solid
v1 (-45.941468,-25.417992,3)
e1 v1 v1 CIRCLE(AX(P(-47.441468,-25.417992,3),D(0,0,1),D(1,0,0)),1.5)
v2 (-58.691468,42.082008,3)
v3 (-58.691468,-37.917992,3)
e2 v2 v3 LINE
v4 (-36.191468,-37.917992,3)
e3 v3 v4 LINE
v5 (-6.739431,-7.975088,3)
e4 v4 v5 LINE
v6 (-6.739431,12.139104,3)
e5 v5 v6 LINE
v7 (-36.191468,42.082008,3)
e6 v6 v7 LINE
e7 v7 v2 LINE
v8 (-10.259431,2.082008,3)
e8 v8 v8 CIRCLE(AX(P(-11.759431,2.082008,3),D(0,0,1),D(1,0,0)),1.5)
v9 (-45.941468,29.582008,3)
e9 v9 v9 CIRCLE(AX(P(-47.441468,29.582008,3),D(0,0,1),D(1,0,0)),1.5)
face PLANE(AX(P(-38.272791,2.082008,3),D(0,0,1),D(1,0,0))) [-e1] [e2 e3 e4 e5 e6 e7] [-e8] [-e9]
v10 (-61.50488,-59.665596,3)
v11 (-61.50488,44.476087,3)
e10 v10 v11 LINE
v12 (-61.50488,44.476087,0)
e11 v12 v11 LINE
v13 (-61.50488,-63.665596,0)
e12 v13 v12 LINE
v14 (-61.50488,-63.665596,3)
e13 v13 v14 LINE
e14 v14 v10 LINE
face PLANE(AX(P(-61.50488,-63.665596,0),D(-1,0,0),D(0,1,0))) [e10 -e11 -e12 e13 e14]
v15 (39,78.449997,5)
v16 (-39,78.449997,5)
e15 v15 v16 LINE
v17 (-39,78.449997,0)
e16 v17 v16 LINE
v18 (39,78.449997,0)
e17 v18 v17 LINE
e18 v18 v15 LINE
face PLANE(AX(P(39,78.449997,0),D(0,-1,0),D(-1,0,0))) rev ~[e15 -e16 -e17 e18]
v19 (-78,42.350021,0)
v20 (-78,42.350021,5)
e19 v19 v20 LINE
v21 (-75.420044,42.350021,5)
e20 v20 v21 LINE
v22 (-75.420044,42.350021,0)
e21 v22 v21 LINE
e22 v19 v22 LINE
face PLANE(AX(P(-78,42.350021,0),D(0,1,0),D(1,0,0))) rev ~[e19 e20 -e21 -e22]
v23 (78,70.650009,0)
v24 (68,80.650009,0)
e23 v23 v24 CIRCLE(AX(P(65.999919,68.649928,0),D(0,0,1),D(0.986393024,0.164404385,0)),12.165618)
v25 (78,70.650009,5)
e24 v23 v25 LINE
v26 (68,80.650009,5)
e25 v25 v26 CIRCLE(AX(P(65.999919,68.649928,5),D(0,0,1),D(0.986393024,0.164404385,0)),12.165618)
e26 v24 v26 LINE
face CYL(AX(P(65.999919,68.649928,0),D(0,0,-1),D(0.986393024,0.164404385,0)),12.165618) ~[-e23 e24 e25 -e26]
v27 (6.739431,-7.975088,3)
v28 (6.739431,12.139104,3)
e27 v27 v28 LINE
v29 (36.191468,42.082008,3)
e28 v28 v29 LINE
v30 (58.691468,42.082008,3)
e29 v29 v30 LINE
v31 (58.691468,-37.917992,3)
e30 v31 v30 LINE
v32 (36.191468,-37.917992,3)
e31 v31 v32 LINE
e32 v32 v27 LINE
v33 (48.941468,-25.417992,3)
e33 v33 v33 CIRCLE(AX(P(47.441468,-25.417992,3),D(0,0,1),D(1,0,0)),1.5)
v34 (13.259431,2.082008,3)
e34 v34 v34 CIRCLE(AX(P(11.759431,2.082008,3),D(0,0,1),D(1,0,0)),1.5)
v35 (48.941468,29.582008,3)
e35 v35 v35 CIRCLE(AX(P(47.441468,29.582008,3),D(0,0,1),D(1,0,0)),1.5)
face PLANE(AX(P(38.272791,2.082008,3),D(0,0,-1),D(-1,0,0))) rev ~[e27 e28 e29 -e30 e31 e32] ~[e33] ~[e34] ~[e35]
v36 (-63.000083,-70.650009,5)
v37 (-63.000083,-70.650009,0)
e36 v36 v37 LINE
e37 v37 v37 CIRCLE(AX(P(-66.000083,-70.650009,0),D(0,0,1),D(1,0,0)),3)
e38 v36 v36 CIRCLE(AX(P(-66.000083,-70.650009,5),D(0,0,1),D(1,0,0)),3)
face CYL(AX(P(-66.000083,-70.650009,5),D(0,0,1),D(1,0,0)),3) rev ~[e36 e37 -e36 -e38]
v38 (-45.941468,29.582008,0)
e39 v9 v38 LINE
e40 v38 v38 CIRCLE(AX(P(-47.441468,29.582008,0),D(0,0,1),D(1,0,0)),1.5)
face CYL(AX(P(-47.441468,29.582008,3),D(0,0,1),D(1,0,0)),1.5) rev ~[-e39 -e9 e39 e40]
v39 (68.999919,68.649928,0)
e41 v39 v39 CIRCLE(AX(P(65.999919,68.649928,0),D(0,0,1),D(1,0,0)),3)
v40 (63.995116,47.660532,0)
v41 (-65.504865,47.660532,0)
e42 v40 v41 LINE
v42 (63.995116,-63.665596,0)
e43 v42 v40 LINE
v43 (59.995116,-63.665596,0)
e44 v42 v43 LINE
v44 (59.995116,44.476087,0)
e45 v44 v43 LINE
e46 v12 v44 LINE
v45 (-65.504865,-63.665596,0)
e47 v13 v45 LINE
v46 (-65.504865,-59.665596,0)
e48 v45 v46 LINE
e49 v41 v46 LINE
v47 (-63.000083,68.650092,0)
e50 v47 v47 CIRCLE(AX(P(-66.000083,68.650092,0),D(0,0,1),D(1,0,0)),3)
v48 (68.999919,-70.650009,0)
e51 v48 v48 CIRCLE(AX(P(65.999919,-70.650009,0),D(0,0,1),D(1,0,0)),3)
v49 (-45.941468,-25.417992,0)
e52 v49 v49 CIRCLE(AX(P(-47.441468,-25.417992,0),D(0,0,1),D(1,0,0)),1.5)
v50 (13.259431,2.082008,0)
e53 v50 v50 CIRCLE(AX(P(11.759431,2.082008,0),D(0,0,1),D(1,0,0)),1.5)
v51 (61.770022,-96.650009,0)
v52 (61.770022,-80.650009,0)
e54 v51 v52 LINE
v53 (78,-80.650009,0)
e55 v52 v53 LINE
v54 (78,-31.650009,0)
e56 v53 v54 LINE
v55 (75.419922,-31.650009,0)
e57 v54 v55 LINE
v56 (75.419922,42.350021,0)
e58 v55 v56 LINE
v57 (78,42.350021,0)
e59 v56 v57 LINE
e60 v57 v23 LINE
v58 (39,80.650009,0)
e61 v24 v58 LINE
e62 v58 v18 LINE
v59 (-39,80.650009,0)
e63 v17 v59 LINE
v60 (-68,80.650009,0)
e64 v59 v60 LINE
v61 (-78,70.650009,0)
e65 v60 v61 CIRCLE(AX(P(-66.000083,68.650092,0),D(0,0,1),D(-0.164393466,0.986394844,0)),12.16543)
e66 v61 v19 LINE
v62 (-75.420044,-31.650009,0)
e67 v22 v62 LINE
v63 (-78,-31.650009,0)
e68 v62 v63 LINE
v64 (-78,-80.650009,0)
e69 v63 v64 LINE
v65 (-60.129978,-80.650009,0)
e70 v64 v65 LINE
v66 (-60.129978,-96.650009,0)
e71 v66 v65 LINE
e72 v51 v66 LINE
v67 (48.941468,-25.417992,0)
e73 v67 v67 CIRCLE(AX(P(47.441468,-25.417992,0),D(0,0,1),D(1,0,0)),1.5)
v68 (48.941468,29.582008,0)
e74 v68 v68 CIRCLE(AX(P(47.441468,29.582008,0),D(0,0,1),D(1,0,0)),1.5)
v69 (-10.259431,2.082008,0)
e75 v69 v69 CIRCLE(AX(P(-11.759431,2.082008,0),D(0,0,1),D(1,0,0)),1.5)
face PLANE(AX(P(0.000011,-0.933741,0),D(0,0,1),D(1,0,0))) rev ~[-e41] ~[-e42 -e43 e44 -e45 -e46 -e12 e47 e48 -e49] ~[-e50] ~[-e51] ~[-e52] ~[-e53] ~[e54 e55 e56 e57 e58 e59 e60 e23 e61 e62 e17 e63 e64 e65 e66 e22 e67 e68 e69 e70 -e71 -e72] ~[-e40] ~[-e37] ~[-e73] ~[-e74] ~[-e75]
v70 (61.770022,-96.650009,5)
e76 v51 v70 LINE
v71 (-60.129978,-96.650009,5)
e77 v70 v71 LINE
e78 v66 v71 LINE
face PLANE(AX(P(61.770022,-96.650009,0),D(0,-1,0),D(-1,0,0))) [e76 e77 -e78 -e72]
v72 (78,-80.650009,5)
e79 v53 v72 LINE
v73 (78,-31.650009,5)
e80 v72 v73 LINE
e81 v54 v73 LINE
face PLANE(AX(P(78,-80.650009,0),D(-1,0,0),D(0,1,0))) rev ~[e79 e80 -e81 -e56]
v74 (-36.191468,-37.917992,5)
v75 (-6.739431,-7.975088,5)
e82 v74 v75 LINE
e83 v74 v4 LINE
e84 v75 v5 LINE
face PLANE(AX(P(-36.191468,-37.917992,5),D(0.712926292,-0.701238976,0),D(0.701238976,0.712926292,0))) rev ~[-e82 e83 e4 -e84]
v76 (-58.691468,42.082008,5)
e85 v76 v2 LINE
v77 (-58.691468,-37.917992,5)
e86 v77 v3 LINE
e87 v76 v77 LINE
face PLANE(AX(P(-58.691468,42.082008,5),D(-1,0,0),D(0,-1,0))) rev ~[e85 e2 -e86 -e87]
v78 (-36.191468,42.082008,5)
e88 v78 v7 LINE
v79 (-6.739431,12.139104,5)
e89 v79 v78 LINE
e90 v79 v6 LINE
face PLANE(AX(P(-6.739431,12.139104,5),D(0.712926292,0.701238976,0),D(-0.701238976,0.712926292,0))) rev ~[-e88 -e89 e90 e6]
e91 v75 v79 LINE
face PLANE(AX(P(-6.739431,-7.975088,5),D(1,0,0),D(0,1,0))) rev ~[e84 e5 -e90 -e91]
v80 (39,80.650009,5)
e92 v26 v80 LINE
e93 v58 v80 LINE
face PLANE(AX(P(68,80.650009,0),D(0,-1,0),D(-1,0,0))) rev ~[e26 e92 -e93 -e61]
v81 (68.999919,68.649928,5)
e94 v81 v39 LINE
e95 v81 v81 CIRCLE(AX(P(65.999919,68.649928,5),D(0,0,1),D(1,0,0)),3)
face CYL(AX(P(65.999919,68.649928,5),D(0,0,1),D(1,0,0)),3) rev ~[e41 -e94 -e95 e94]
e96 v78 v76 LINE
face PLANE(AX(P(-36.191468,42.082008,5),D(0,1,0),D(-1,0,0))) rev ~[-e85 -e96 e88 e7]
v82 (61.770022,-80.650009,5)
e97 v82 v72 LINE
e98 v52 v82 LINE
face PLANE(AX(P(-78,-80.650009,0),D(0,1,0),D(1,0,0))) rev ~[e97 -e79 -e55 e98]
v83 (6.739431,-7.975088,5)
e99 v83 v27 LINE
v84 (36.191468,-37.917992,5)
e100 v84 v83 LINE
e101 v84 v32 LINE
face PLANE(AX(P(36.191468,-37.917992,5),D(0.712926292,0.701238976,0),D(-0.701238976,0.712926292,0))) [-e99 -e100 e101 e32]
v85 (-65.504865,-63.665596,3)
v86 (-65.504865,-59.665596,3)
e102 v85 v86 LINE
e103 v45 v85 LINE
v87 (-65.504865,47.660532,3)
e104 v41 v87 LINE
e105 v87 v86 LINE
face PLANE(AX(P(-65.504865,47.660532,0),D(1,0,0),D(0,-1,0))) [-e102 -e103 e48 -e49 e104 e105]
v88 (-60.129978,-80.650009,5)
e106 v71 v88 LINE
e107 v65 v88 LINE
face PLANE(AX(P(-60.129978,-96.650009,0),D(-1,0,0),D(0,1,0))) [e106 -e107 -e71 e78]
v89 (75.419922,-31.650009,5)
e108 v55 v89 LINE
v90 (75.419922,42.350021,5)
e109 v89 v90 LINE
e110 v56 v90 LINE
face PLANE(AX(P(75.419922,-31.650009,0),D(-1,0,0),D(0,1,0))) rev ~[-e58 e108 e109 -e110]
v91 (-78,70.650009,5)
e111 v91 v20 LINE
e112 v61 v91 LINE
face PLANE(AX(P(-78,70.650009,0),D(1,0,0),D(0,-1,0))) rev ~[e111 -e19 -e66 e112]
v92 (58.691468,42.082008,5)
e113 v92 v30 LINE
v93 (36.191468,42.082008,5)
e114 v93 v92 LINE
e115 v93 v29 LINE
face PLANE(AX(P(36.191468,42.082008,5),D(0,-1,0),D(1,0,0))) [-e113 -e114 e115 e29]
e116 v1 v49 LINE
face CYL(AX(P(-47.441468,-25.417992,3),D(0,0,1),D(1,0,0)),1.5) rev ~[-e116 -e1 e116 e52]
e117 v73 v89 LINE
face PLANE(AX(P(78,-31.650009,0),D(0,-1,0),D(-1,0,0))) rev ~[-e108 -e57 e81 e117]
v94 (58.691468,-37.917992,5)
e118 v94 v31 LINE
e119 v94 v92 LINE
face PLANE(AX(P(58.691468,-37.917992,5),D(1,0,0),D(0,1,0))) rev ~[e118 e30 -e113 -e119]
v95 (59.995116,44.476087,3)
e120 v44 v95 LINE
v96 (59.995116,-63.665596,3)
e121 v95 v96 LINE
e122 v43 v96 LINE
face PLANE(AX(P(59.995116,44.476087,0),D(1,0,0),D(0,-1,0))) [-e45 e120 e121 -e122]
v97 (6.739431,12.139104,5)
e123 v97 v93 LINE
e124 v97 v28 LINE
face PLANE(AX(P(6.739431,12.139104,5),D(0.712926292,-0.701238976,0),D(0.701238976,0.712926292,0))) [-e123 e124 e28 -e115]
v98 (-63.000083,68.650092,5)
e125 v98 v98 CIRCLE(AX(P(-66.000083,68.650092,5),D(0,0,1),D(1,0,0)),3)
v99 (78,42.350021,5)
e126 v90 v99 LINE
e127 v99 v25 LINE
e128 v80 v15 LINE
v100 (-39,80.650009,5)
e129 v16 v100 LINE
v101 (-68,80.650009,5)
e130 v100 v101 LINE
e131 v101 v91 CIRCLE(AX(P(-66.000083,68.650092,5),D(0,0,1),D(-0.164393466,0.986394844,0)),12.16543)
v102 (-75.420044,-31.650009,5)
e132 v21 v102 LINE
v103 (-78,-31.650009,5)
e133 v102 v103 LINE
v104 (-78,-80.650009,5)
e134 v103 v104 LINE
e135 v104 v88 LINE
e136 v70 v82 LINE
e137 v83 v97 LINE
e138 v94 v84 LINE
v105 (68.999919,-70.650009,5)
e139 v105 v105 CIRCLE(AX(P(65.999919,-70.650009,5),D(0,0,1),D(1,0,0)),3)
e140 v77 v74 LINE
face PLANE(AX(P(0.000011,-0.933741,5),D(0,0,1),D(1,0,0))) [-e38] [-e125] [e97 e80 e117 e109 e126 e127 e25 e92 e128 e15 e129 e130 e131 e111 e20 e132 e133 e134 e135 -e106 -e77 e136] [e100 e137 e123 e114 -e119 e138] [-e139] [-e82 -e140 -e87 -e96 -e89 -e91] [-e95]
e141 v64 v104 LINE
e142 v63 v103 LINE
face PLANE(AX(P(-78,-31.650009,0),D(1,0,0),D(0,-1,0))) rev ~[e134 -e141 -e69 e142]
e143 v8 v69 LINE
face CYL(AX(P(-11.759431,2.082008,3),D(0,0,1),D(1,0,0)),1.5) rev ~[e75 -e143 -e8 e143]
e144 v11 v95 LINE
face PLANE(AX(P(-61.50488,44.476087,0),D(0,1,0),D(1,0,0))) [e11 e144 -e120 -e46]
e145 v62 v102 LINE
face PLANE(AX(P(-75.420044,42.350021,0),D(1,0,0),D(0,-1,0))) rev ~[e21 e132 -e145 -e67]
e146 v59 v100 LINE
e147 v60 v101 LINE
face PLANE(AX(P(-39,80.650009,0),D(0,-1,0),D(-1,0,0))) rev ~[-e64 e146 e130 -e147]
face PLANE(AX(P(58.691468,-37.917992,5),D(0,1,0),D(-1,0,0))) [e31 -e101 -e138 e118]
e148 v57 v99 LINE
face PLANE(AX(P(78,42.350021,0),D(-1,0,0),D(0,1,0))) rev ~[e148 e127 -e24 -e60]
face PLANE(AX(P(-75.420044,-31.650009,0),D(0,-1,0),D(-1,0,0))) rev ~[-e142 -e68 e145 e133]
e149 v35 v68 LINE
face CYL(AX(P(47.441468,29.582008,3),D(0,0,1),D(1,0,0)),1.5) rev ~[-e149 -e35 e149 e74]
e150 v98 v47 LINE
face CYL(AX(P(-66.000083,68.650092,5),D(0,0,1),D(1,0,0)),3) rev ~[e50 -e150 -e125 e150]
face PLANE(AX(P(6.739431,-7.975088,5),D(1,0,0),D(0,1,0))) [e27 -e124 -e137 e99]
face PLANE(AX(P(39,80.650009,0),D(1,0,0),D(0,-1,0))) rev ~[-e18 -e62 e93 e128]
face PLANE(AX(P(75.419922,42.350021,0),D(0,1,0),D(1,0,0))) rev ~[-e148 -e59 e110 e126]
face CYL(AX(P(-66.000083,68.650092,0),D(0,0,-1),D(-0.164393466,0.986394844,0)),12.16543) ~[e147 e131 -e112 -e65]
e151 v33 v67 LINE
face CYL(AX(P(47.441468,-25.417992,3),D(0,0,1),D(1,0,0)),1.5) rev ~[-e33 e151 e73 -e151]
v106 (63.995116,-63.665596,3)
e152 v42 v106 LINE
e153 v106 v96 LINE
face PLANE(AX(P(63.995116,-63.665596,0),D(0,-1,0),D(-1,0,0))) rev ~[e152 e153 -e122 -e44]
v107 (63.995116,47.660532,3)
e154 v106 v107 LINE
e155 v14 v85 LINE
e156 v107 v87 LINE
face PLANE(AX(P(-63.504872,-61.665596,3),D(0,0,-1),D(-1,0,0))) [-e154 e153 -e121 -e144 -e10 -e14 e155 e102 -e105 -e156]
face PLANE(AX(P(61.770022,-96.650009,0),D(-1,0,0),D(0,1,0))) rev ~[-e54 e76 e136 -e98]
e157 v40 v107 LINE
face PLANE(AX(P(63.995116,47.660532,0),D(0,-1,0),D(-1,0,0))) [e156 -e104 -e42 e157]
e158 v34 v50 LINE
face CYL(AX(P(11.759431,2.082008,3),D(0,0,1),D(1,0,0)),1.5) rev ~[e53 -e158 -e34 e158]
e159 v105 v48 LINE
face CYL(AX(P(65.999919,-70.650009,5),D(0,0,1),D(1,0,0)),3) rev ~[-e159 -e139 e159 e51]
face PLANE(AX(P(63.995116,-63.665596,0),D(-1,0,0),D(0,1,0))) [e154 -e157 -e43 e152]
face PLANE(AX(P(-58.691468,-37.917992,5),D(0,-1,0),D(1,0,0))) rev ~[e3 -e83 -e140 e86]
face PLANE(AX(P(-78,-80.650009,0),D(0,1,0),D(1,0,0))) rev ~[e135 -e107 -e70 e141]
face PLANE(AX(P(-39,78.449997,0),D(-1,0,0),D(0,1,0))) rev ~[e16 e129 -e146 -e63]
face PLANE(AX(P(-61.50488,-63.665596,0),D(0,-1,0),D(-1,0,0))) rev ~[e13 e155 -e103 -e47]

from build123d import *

# Parameters (mm, degrees)
BOSS_EXTRUDE1_DEPTH = 5
CUT_EXTRUDE1_DEPTH  = 2
SKETCH3_R           = 3
CUT_EXTRUDE2_DEPTH  = 42
SKETCH6_W           = 4
SKETCH6_H           = 4
SKETCH6_W_2         = 3.999984741
CUT_EXTRUDE4_DEPTH  = 3
CUT_EXTRUDE5_DEPTH  = 3
SKETCH8_W           = 121.9
SKETCH8_H           = 16
BOSS_EXTRUDE2_DEPTH = 5
SKETCH10_R          = 1.5
CUT_EXTRUDE6_DEPTH  = 10


with BuildPart() as part:
    # Sketch1 → Boss-Extrude1 (new body)
    with BuildSketch(Plane.XY):
        with BuildLine():
            Line((-75.420043945, 42.350021362), (-75.420043945, -31.650009155))
            Line((-75.420043945, -31.650009155), (-78, -31.650009155))
            Line((-78, -31.650009155), (-78, -80.650009155))
            Line((-78, -80.650009155), (78, -80.650009155))
            Line((78, -80.650009155), (78, -31.650009155))
            Line((78, -31.650009155), (75.419921875, -31.650009155))
            Line((75.419921875, -31.650009155), (75.419921875, 42.350021362))
            Line((75.419921875, 42.350021362), (78, 42.350021362))
            Line((78, 42.350021362), (78, 70.650009155))
            ThreePointArc((78, 70.650009155), (74.602310181, 77.252319336), (68, 80.650009155))
            Line((68, 80.650009155), (39, 80.650009155))
            Line((39, 80.650009155), (39, 78.449996948))
            Line((39, 78.449996948), (-39, 78.449996948))
            Line((-39, 78.449996948), (-39, 80.650009155))
            Line((-39, 80.650009155), (-68, 80.650009155))
            ThreePointArc((-68, 80.650009155), (-74.602340698, 77.252349854), (-78, 70.650009155))
            Line((-78, 70.650009155), (-78, 42.350021362))
            Line((-78, 42.350021362), (-75.420043945, 42.350021362))
        make_face()
    extrude(amount=BOSS_EXTRUDE1_DEPTH)

    # Sketch2 → Cut-Extrude1 (cut)
    with BuildSketch(Plane.XY.offset(5)):
        Polygon((-6.739431127, -7.975087618), (-6.739431127, 12.139103822), (-36.191468123, 42.082008102), (-58.691468123, 42.082008102), (-58.691468123, 2.082008102), (-58.691468123, -37.917991898), (-36.191468123, -37.917991898), align=None)
        Polygon((6.739431127, 12.139103822), (36.191468123, 42.082008102), (58.691468123, 42.082008102), (58.691468123, 2.082008102), (58.691468123, -37.917991898), (36.191468123, -37.917991898), (6.739431127, -7.975087618), align=None)
    extrude(amount=-CUT_EXTRUDE1_DEPTH, mode=Mode.SUBTRACT)

    # Sketch3 → Cut-Extrude2 (cut)
    with BuildSketch(Plane.XY.offset(5)):
        with Locations((-66.000082844, 68.650091999)):
            Circle(SKETCH3_R)
        with Locations((65.999919006, 68.649928161)):
            Circle(SKETCH3_R)
        with Locations((-66.000082844, -70.650009155)):
            Circle(SKETCH3_R)
        with Locations((65.999919006, -70.650009155)):
            Circle(SKETCH3_R)
    extrude(amount=-CUT_EXTRUDE2_DEPTH, mode=Mode.SUBTRACT)

    # Sketch6 → Cut-Extrude4 (cut)
    with BuildSketch(Plane(origin=(0, 0, 0), x_dir=(-1, 0, 0), z_dir=(0, 0, -1))):
        with Locations((-61.995116115, -61.665595666)):
            Rectangle(SKETCH6_W, SKETCH6_H)
        with Locations((63.504872442, -61.665595666)):
            Rectangle(SKETCH6_W_2, SKETCH6_H)
    extrude(amount=-CUT_EXTRUDE4_DEPTH, mode=Mode.SUBTRACT)

    # Sketch7 → Cut-Extrude5 (cut)
    with BuildSketch(Plane(origin=(0, 0, 0), x_dir=(-1, 0, 0), z_dir=(0, 0, -1))):
        Polygon((-63.995116115, -59.665595666), (-63.995116115, 47.660531993), (65.504864812, 47.660531993), (65.504864812, -59.665595666), (61.504880071, -59.665595666), (61.504880071, 44.476086648), (-59.995116115, 44.476086648), (-59.995116115, -59.665595666), align=None)
    extrude(amount=-CUT_EXTRUDE5_DEPTH, mode=Mode.SUBTRACT)

    # Sketch8 → Boss-Extrude2 (add)
    with BuildSketch(Plane(origin=(0, 0, 0), x_dir=(-1, 0, 0), z_dir=(0, 0, -1))):
        with Locations((-0.820022175, -88.650009155)):
            Rectangle(SKETCH8_W, SKETCH8_H)
    extrude(amount=-BOSS_EXTRUDE2_DEPTH)

    # Sketch10 → Cut-Extrude6 (cut)
    with BuildSketch(Plane.XY.offset(3)):
        with Locations((-47.441468123, 29.582008102)):
            Circle(SKETCH10_R)
        with Locations((-47.441468123, -25.417991898)):
            Circle(SKETCH10_R)
        with Locations((-11.759431127, 2.082008102)):
            Circle(SKETCH10_R)
        with Locations((11.759431127, 2.082008102)):
            Circle(SKETCH10_R)
        with Locations((47.441468123, -25.417991898)):
            Circle(SKETCH10_R)
        with Locations((47.441468123, 29.582008102)):
            Circle(SKETCH10_R)
    extrude(amount=-CUT_EXTRUDE6_DEPTH, mode=Mode.SUBTRACT)


solid = part.part
